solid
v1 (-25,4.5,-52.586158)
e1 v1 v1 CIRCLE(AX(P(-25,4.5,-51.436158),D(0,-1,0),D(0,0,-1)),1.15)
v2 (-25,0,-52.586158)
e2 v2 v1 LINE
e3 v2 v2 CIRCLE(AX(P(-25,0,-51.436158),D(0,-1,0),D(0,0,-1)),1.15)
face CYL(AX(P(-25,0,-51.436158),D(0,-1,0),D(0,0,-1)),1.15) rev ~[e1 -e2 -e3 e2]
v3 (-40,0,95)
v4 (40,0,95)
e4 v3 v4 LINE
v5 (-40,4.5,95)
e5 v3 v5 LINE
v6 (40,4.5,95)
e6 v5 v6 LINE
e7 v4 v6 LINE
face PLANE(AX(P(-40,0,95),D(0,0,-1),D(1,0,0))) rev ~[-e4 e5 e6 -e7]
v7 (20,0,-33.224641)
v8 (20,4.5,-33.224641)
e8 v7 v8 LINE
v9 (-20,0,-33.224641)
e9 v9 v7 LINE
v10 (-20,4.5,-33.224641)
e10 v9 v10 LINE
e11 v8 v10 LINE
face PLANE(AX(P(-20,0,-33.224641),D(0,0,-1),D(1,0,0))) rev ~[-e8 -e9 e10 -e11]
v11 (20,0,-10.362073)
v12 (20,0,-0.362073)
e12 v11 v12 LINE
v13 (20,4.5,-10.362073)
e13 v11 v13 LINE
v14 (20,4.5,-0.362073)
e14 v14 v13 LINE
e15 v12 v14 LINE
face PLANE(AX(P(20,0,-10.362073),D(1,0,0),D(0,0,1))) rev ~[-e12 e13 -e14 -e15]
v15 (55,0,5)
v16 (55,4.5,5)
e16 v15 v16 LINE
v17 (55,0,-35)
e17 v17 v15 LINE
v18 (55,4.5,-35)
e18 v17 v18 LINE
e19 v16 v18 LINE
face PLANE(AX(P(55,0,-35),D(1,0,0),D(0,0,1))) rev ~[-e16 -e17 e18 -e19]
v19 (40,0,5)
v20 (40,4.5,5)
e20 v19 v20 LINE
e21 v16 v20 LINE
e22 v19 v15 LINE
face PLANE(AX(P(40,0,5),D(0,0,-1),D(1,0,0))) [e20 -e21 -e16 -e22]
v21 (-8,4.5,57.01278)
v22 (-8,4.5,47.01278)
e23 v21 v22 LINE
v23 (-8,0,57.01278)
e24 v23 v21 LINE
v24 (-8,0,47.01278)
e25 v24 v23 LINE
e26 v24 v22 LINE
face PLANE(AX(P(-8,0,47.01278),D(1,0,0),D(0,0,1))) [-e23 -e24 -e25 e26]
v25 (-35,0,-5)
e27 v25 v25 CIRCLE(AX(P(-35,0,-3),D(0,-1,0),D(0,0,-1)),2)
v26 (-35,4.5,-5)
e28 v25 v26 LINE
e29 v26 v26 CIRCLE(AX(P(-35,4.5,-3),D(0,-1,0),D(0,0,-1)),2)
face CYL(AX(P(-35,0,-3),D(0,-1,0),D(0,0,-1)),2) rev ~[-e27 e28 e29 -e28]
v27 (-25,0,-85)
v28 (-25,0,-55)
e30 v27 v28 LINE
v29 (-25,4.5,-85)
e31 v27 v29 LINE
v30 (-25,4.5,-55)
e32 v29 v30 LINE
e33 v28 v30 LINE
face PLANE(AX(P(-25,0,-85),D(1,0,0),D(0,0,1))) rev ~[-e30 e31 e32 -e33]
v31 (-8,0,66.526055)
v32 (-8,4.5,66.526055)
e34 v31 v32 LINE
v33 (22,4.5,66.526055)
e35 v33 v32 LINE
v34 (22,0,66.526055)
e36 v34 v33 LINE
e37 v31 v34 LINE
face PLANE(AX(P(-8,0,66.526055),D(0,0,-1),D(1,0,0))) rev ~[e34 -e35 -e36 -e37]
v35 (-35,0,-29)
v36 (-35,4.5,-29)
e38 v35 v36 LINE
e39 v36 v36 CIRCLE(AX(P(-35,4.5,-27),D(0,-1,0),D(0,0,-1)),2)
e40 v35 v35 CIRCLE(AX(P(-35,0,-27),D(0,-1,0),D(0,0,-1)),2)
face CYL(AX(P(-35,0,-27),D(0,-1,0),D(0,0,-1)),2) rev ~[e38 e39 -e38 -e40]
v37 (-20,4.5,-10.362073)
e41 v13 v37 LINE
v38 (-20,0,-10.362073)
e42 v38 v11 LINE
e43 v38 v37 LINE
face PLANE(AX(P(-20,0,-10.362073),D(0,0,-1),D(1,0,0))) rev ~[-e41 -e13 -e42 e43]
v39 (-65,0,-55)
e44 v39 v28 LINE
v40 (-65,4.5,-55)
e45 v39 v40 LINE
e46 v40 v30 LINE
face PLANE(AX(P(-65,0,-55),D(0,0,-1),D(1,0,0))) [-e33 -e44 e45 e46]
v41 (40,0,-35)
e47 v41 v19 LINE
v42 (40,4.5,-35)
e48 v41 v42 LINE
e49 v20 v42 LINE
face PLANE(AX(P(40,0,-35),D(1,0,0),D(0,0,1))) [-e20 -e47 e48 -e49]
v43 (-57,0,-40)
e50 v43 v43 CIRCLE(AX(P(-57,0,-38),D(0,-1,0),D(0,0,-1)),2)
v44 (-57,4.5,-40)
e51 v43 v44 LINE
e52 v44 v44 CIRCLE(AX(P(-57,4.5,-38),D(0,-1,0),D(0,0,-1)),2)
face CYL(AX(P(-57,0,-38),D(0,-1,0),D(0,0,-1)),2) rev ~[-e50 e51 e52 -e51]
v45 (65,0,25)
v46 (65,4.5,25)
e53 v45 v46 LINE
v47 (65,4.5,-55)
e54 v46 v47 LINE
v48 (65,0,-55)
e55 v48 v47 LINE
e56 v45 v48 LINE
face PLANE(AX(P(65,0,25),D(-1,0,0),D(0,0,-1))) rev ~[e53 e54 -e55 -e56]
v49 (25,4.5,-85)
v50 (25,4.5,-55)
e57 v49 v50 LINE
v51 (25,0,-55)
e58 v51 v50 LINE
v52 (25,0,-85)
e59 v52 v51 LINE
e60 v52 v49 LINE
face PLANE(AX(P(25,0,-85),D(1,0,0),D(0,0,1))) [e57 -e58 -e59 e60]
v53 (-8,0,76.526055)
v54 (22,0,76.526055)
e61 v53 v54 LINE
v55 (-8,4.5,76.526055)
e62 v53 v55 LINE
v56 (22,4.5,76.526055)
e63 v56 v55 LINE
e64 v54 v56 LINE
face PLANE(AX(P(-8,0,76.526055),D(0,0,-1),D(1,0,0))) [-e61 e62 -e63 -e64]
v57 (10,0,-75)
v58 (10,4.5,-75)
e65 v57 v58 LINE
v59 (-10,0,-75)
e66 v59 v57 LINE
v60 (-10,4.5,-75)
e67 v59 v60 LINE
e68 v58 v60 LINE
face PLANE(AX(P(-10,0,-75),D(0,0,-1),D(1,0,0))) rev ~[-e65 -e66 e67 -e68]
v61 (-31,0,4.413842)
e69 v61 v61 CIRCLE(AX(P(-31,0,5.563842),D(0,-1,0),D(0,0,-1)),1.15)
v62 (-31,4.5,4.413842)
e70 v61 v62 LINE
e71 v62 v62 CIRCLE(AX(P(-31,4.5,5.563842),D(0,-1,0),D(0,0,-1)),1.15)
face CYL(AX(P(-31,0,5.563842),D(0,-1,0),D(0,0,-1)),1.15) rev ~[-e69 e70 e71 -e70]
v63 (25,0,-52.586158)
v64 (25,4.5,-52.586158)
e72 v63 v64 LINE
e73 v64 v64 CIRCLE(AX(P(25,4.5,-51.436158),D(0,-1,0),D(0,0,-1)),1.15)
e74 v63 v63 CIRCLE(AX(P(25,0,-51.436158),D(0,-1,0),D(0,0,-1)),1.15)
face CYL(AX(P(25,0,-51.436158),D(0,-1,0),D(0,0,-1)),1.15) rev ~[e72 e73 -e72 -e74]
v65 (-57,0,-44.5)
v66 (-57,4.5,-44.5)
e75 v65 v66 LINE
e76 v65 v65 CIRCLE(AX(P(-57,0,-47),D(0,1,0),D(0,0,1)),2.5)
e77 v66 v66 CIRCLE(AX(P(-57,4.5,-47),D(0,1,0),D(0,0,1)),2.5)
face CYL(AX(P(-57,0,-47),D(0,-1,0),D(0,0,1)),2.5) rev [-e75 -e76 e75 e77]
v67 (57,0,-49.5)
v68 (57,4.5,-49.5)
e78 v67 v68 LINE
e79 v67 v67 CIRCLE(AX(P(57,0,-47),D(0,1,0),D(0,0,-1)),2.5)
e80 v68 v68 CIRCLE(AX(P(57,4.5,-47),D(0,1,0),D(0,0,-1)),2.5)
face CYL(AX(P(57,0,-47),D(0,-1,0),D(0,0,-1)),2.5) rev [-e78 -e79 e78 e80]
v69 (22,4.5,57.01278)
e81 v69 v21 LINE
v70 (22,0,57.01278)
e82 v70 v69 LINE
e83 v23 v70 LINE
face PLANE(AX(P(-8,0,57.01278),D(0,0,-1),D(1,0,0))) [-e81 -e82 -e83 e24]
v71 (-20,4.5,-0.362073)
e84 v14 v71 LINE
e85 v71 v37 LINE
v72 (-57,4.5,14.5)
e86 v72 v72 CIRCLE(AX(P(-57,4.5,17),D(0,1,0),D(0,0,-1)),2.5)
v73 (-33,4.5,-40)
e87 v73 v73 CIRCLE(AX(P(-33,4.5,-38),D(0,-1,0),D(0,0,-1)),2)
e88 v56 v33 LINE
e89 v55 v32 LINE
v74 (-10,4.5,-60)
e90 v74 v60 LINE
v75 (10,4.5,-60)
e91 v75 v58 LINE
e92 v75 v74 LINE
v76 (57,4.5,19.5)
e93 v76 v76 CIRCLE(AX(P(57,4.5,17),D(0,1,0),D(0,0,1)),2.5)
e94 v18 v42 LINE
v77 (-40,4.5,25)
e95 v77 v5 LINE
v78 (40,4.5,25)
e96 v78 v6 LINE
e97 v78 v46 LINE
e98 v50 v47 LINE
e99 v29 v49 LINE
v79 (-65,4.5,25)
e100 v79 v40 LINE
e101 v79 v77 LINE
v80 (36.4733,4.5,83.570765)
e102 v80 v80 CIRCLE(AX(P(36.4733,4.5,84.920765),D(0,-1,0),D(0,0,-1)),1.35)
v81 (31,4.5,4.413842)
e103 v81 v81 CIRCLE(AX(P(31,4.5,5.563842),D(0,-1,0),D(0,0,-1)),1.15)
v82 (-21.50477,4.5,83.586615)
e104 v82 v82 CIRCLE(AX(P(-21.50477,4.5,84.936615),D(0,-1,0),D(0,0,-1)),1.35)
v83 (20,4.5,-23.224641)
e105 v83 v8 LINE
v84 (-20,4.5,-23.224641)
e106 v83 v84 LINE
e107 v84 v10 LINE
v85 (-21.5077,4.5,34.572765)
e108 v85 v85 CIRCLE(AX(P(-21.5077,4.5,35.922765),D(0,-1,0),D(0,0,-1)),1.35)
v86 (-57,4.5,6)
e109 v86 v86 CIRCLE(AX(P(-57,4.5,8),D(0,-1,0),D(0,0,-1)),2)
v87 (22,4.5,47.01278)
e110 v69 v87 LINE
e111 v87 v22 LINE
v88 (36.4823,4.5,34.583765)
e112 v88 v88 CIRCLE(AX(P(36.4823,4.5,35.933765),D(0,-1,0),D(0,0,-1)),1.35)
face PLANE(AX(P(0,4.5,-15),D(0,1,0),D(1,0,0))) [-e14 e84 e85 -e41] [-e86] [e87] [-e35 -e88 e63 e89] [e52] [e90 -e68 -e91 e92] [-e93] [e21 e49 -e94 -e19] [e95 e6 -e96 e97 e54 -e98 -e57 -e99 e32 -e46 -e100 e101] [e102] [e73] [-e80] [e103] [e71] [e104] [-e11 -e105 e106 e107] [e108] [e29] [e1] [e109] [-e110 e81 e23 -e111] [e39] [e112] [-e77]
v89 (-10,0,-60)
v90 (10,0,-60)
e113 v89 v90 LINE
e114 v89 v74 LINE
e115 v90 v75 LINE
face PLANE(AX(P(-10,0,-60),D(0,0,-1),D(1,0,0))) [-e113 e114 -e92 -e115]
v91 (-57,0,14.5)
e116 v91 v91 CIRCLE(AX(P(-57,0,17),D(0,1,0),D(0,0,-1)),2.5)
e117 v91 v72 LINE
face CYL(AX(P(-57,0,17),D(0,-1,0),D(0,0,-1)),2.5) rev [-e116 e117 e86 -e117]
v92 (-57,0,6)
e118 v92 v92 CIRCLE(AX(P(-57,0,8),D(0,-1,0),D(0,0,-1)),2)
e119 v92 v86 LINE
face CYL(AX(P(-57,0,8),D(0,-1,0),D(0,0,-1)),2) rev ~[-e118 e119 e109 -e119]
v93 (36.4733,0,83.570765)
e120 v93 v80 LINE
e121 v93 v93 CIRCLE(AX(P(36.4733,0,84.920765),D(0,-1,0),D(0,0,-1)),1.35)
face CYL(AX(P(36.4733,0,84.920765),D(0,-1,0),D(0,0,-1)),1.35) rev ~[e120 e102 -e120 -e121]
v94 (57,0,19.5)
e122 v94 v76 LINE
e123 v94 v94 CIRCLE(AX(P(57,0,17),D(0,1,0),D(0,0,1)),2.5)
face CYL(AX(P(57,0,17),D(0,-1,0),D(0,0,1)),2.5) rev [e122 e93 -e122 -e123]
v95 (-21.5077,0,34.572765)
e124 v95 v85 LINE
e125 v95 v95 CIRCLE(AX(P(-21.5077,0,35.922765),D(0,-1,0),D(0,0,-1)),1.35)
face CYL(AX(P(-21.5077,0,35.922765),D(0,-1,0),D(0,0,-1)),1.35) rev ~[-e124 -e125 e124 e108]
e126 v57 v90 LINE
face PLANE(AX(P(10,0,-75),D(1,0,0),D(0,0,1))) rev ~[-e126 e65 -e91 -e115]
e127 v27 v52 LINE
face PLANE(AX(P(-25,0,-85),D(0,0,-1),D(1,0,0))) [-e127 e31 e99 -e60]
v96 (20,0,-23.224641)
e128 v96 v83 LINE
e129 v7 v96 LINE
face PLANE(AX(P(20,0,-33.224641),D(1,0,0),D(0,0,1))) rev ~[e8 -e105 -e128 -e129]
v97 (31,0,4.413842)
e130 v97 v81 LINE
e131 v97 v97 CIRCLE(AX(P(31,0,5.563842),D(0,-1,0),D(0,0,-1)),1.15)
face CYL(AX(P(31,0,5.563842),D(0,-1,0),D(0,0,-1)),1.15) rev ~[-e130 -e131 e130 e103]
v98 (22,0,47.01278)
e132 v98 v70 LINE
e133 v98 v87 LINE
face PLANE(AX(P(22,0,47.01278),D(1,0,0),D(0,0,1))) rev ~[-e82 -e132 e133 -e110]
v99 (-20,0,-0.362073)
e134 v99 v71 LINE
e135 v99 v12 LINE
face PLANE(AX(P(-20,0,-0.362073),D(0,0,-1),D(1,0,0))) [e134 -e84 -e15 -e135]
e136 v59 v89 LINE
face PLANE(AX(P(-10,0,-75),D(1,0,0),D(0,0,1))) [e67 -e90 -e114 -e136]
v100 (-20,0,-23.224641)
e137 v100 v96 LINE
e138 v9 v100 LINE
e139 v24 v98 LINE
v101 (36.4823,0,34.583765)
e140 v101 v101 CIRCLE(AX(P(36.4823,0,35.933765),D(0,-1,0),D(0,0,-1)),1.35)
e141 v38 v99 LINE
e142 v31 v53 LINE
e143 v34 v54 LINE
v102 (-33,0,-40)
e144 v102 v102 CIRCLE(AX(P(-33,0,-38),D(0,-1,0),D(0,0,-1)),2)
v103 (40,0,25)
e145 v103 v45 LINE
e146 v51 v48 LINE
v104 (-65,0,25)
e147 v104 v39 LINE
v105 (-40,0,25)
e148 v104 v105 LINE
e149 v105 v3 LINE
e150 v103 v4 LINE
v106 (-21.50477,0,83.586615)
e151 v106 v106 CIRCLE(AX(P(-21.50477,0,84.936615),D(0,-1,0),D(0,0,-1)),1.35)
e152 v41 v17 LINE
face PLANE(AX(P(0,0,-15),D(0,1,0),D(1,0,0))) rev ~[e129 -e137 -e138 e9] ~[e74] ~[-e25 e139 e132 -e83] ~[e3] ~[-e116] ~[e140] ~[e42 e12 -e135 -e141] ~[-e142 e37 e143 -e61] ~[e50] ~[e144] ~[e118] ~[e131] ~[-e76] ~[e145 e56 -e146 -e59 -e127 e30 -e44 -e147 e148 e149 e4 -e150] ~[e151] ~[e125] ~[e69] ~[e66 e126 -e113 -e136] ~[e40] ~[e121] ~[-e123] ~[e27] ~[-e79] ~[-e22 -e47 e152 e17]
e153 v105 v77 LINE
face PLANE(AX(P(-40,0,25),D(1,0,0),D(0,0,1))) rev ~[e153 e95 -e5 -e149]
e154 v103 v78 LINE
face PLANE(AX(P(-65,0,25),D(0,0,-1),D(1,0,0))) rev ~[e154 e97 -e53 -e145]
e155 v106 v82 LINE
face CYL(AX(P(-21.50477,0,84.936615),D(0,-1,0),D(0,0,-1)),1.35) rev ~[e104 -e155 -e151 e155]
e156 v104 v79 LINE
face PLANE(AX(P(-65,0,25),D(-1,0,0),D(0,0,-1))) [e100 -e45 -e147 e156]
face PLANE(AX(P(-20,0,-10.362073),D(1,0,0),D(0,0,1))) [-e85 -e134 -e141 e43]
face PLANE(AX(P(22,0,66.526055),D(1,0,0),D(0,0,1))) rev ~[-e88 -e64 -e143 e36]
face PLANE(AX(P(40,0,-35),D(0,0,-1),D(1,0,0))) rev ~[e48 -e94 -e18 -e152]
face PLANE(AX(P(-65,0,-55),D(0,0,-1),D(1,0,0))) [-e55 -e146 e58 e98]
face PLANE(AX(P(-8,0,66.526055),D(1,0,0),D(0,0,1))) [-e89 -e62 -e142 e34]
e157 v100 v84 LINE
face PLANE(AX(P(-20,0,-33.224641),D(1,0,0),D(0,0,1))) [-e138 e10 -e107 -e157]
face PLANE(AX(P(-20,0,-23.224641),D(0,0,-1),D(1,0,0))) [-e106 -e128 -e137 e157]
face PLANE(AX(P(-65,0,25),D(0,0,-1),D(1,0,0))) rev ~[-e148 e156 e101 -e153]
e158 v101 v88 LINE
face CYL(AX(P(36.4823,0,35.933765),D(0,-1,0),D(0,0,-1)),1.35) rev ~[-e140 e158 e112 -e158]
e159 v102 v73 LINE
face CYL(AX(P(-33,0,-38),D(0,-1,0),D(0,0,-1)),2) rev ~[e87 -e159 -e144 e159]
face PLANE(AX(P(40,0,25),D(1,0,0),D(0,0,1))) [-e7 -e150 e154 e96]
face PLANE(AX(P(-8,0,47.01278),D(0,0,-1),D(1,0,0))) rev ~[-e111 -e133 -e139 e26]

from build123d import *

# Parameters (mm, degrees)
SKETCH_2_W          = 130
SKETCH_2_H          = 80
SKETCH_2_R          = 2.5
EXTRUDE_1_DEPTH     = 4.5
SKETCH_4_W          = 80
SKETCH_4_H          = 70
EXTRUDE_2_DEPTH     = 4.5
SKETCH_6_R          = 1.15
CUT_EXTRUDE_2_DEPTH = 4.5
SKETCH_7_R          = 1.15
CUT_EXTRUDE_3_DEPTH = 4.5
SKETCH_8_R          = 1.35
CUT_EXTRUDE_4_DEPTH = 10
SKETCH_9_W          = 40
SKETCH_9_H          = 10
SKETCH_9_W_2        = 30
CUT_EXTRUDE_5_DEPTH = 10
SKETCH_11_W         = 50
SKETCH_11_H         = 30
EXTRUDE_3_DEPTH     = 4.5
SKETCH_12_W         = 20
SKETCH_12_H         = 15
CUT_EXTRUDE_6_DEPTH = 10
SKETCH_13_R         = 2
CUT_EXTRUDE_7_DEPTH = 10
SKETCH_14_R         = 2
CUT_EXTRUDE_8_DEPTH = 10
SKETCH_15_W         = 15
SKETCH_15_H         = 40
CUT_EXTRUDE_9_DEPTH = 10


with BuildPart() as part:
    # 草图2 → 凸台-拉伸1 (new body)
    with BuildSketch(Plane(origin=(0, 0, 0), x_dir=(1, 0, 0), z_dir=(0, 1, 0))):
        with Locations((0, 15)):
            Rectangle(SKETCH_2_W, SKETCH_2_H)
        with Locations(Location((-57, 47, 0), (0, 0, 270))):
            Circle(SKETCH_2_R, mode=Mode.SUBTRACT)
        with Locations(Location((57, 47, 0), (0, 0, 90))):
            Circle(SKETCH_2_R, mode=Mode.SUBTRACT)
        with Locations(Location((57, -17, 0), (0, 0, 270))):
            Circle(SKETCH_2_R, mode=Mode.SUBTRACT)
        with Locations(Location((-57, -17, 0), (0, 0, 90))):
            Circle(SKETCH_2_R, mode=Mode.SUBTRACT)
    extrude(amount=EXTRUDE_1_DEPTH)

    # 草图4 → 凸台-拉伸2 (add)
    with BuildSketch(Plane.XZ):
        with Locations((0, 60)):
            Rectangle(SKETCH_4_W, SKETCH_4_H)
    extrude(amount=-EXTRUDE_2_DEPTH)

    # 草图6 → 切除-拉伸2 (cut)
    with BuildSketch(Plane.XZ):
        with Locations(Location((-31, 5.56384156, 0), (0, 0, 270))):
            Circle(SKETCH_6_R)
        with Locations(Location((31, 5.56384156, 0), (0, 0, 270))):
            Circle(SKETCH_6_R)
    extrude(amount=-CUT_EXTRUDE_2_DEPTH, mode=Mode.SUBTRACT)

    # 草图7 → 切除-拉伸3 (cut)
    with BuildSketch(Plane.XZ):
        with Locations(Location((31, 5.56384156, 0), (0, 0, 270))):
            Circle(SKETCH_7_R)
        with Locations(Location((-25, -51.43615844, 0), (0, 0, 270))):
            Circle(SKETCH_7_R)
        with Locations(Location((25, -51.43615844, 0), (0, 0, 270))):
            Circle(SKETCH_7_R)
    extrude(amount=-CUT_EXTRUDE_3_DEPTH, mode=Mode.SUBTRACT)

    # 草图8 → 切除-拉伸4 (cut)
    with BuildSketch(Plane.XZ):
        with Locations(Location((-21.50477, 84.936614939, 0), (0, 0, 270))):
            Circle(SKETCH_8_R)
        with Locations(Location((36.4733, 84.920764939, 0), (0, 0, 270))):
            Circle(SKETCH_8_R)
        with Locations(Location((36.4823, 35.933764939, 0), (0, 0, 270))):
            Circle(SKETCH_8_R)
        with Locations(Location((-21.5077, 35.922764939, 0), (0, 0, 270))):
            Circle(SKETCH_8_R)
    extrude(amount=-CUT_EXTRUDE_4_DEPTH, mode=Mode.SUBTRACT)

    # 草图9 → 切除-拉伸5 (cut)
    with BuildSketch(Plane.XZ):
        with Locations((0, -5.362073184)):
            Rectangle(SKETCH_9_W, SKETCH_9_H)
        with Locations((0, -28.22464148)):
            Rectangle(SKETCH_9_W, SKETCH_9_H)
        with Locations((7, 71.526054591)):
            Rectangle(SKETCH_9_W_2, SKETCH_9_H)
        with Locations((7, 52.012779739)):
            Rectangle(SKETCH_9_W_2, SKETCH_9_H)
    extrude(amount=-CUT_EXTRUDE_5_DEPTH, mode=Mode.SUBTRACT)

    # 草图11 → 凸台-拉伸3 (add)
    with BuildSketch(Plane.XZ):
        with Locations((0, -70)):
            Rectangle(SKETCH_11_W, SKETCH_11_H)
    extrude(amount=-EXTRUDE_3_DEPTH)

    # 草图12 → 切除-拉伸6 (cut)
    with BuildSketch(Plane.XZ):
        with Locations((0, -67.5)):
            Rectangle(SKETCH_12_W, SKETCH_12_H)
    extrude(amount=-CUT_EXTRUDE_6_DEPTH, mode=Mode.SUBTRACT)

    # 草图13 → 切除-拉伸7 (cut)
    with BuildSketch(Plane.XZ):
        with Locations(Location((-57, 8, 0), (0, 0, 270))):
            Circle(SKETCH_13_R)
        with Locations(Location((-57, -38, 0), (0, 0, 270))):
            Circle(SKETCH_13_R)
        with Locations(Location((-33, -38, 0), (0, 0, 270))):
            Circle(SKETCH_13_R)
    extrude(amount=-CUT_EXTRUDE_7_DEPTH, mode=Mode.SUBTRACT)

    # 草图14 → 切除-拉伸8 (cut)
    with BuildSketch(Plane.XZ):
        with Locations(Location((-35, -27, 0), (0, 0, 270))):
            Circle(SKETCH_14_R)
        with Locations(Location((-35, -3, 0), (0, 0, 270))):
            Circle(SKETCH_14_R)
    extrude(amount=-CUT_EXTRUDE_8_DEPTH, mode=Mode.SUBTRACT)

    # 草图15 → 切除-拉伸9 (cut)
    with BuildSketch(Plane.XZ):
        with Locations((47.5, -15)):
            Rectangle(SKETCH_15_W, SKETCH_15_H)
    extrude(amount=-CUT_EXTRUDE_9_DEPTH, mode=Mode.SUBTRACT)


solid = part.part
